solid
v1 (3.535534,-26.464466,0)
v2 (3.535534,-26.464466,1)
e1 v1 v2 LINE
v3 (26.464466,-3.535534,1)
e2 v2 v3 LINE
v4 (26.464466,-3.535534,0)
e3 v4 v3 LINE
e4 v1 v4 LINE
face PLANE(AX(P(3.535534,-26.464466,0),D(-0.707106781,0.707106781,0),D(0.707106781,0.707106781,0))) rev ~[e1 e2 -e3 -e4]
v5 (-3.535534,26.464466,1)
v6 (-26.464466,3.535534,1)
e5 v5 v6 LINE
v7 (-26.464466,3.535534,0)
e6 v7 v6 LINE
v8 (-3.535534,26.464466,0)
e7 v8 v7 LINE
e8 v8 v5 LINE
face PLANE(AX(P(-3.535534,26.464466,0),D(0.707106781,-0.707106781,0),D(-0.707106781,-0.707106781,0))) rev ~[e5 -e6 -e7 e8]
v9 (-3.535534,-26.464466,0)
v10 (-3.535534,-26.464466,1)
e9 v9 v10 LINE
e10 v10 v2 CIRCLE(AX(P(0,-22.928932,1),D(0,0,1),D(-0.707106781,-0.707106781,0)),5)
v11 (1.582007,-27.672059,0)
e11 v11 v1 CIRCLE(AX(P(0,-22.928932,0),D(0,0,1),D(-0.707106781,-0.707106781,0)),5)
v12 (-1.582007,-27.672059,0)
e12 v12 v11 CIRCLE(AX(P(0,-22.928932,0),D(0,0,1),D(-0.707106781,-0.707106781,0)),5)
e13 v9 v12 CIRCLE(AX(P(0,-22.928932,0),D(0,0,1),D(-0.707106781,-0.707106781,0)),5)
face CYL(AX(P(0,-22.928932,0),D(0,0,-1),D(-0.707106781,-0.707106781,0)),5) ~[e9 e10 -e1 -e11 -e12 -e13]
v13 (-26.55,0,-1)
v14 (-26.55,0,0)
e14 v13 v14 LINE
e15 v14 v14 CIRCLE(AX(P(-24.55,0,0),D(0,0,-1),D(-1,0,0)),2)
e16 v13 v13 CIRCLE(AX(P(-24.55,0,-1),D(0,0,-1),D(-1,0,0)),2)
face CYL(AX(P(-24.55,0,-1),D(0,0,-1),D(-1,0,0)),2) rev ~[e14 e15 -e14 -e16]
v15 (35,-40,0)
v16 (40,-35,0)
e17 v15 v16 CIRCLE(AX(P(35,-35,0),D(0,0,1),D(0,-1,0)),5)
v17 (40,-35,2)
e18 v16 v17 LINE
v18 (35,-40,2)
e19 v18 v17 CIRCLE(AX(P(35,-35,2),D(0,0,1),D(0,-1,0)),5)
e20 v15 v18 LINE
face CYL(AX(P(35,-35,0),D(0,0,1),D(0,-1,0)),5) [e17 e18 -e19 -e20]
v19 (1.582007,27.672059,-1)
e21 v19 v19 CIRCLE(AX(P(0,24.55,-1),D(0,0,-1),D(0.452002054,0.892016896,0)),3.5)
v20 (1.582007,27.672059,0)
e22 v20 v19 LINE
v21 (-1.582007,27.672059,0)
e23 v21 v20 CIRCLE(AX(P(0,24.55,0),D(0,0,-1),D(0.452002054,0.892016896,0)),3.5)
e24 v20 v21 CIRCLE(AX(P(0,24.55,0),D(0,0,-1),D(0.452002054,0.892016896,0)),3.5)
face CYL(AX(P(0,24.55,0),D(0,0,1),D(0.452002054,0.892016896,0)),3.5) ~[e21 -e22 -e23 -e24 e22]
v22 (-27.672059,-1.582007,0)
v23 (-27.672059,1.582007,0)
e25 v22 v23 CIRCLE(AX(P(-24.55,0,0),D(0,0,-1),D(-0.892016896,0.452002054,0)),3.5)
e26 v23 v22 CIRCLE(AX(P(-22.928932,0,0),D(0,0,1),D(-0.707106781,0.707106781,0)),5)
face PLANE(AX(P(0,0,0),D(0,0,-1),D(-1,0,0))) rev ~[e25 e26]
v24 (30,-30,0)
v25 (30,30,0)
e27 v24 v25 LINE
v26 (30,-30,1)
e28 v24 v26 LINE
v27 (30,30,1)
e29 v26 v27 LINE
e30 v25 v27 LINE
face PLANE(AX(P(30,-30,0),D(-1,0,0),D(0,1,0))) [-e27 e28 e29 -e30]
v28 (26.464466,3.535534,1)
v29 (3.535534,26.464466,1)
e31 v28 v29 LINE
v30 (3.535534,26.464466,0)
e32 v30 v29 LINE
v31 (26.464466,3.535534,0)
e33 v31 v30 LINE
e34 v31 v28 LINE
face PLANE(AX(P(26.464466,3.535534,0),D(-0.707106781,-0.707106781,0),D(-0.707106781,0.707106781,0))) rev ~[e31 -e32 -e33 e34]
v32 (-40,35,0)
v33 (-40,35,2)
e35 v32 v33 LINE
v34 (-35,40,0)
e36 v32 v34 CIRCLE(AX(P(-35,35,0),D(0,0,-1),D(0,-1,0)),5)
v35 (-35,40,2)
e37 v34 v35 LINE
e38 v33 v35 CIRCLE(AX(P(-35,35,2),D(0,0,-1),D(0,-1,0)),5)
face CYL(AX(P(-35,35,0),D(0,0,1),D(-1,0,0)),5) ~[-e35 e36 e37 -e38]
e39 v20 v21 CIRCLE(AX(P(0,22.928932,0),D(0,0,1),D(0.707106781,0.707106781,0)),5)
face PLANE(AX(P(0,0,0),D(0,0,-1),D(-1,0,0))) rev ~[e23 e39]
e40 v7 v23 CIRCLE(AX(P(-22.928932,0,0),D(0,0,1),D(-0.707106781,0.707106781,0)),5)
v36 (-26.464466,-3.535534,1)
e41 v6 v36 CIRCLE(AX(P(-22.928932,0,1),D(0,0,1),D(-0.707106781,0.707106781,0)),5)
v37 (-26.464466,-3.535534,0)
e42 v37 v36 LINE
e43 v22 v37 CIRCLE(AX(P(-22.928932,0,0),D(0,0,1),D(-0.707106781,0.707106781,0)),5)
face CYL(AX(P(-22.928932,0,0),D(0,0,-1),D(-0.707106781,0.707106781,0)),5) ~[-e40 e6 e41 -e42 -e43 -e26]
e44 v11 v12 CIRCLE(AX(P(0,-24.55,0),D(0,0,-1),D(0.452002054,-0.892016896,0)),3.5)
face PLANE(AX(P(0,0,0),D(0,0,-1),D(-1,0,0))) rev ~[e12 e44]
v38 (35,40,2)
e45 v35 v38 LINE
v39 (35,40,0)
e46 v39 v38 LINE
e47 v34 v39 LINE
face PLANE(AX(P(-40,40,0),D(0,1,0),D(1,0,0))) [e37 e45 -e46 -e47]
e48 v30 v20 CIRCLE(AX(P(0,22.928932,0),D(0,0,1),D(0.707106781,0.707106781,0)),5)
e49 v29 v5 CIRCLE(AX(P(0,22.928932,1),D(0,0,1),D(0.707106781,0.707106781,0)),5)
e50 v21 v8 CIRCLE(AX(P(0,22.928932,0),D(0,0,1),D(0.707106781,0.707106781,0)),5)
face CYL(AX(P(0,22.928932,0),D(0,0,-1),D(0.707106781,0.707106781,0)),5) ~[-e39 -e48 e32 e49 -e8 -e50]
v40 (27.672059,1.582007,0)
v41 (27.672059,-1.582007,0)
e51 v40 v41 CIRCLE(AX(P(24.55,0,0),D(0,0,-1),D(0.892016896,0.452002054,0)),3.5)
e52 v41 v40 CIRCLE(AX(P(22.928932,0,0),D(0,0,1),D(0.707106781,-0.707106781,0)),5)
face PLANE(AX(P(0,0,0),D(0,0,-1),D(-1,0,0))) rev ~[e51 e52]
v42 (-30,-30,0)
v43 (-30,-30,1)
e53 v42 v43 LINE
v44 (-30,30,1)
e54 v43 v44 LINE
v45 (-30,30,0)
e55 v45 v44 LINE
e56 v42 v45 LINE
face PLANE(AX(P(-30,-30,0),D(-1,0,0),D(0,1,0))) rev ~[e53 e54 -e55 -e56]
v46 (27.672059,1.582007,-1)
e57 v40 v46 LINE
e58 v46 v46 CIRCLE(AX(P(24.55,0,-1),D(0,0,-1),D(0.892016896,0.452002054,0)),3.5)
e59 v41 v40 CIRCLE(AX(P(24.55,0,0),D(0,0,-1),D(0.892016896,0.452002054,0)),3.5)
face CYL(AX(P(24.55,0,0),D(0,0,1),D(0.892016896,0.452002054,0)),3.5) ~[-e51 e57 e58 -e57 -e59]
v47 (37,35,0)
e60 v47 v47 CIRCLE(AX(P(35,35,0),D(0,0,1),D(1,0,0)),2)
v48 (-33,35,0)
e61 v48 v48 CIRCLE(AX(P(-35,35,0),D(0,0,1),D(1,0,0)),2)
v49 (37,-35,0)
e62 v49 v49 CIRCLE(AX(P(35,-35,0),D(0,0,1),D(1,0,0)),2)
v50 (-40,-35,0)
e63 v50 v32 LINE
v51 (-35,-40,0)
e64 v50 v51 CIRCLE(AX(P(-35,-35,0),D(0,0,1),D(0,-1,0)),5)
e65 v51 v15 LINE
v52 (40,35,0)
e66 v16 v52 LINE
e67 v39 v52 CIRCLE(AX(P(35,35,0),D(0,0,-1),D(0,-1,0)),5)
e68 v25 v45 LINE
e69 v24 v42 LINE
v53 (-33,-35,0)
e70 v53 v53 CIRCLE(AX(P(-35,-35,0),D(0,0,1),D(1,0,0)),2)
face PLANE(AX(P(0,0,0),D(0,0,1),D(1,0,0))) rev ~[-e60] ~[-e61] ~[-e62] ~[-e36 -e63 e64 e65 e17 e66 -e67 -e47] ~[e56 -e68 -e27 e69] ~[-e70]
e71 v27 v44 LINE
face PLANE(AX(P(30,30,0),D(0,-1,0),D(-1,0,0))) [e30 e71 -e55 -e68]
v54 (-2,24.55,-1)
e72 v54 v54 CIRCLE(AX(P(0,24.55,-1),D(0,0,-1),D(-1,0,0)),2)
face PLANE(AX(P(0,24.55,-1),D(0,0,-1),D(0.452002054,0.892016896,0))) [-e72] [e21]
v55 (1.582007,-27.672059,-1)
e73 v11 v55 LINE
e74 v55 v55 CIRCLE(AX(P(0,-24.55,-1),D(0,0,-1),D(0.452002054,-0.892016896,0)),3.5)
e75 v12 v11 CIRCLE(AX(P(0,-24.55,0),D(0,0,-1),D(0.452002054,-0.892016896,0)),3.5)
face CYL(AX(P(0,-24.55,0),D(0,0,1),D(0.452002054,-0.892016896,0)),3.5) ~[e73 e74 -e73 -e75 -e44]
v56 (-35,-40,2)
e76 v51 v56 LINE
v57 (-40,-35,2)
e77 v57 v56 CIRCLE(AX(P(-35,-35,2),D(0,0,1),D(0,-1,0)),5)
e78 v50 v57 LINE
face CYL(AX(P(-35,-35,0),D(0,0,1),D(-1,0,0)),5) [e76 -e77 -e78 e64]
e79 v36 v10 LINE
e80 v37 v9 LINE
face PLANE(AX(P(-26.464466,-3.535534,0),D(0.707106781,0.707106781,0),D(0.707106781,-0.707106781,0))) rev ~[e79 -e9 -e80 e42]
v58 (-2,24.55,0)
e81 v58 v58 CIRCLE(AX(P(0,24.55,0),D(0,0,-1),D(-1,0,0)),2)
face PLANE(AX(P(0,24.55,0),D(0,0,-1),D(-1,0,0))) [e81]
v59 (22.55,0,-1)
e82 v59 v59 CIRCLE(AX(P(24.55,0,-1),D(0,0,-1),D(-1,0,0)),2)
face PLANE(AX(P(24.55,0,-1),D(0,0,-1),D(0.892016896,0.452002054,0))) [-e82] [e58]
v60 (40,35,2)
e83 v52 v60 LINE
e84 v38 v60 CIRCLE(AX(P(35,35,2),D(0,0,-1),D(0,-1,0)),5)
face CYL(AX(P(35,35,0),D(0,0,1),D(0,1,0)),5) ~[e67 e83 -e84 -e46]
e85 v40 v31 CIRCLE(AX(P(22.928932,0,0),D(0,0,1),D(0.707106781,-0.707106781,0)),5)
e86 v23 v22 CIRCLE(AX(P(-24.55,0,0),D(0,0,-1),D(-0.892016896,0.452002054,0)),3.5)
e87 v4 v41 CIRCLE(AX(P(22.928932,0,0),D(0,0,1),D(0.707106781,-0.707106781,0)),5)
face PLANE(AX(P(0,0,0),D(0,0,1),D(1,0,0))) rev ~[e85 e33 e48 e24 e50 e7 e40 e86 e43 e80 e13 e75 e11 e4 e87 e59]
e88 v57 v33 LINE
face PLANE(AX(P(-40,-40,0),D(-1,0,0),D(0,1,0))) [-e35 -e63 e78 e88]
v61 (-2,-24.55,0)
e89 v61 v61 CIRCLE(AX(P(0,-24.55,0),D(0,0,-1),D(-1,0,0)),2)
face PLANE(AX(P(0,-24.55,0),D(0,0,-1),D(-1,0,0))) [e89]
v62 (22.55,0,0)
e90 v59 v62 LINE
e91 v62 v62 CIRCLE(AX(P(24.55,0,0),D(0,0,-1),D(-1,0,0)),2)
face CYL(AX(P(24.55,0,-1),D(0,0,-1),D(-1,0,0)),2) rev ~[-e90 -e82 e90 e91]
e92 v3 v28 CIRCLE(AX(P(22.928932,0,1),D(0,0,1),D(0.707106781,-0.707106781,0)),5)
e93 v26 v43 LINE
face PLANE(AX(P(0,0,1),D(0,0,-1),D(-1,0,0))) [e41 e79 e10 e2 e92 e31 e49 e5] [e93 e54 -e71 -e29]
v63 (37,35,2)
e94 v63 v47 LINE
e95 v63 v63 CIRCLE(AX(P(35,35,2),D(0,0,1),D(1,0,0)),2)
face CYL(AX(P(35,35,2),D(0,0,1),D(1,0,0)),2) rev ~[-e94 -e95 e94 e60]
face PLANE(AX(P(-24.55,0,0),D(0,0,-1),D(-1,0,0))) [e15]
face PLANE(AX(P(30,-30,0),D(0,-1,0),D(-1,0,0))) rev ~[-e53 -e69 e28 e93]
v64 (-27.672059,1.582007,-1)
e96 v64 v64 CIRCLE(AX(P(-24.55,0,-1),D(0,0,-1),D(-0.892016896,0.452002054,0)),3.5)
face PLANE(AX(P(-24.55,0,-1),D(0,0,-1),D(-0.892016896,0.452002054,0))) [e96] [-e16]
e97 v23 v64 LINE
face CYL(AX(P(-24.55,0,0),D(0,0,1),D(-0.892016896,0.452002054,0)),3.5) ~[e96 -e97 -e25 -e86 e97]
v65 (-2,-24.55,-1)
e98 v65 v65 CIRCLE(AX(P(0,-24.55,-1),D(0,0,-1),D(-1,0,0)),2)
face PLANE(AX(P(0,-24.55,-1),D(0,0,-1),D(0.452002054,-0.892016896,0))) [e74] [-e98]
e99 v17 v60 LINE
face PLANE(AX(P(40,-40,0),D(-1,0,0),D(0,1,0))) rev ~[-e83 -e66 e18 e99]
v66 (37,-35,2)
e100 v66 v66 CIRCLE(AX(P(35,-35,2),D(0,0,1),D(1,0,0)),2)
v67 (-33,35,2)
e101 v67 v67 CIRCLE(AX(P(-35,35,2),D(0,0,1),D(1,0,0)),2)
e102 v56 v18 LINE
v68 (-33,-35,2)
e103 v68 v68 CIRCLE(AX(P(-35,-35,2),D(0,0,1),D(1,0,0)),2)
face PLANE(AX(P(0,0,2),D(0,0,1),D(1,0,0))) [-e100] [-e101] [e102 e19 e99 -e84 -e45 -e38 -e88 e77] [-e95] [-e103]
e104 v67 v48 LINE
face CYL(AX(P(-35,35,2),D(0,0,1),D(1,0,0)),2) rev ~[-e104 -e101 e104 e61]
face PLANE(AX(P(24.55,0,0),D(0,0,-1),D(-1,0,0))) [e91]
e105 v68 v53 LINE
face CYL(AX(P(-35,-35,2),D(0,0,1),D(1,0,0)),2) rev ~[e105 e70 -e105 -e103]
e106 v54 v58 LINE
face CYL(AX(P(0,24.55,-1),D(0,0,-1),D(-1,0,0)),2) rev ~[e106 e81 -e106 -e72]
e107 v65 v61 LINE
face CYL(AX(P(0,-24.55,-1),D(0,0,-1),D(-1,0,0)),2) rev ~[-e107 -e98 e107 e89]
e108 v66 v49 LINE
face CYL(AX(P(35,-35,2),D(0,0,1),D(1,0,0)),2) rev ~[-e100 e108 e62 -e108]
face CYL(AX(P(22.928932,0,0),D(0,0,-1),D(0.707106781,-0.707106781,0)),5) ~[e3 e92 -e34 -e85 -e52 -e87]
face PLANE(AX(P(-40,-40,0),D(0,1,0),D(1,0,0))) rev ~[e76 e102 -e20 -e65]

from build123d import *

# Parameters (mm, degrees)
SKETCH1_W           = 80
SKETCH1_H           = 80
BOSS_EXTRUDE1_DEPTH = 2
SKETCH2_R           = 3.5
BOSS_EXTRUDE2_DEPTH = 1
SKETCH3_R           = 2
CUT_EXTRUDE1_DEPTH  = 1
FILLET1_R           = 5
SKETCH4_R           = 2
CUT_EXTRUDE2_DEPTH  = 11
SKETCH5_W           = 60
SKETCH5_H           = 60
CUT_EXTRUDE4_DEPTH  = 1


with BuildPart() as part:
    # Sketch1 → Boss-Extrude1 (new body)
    with BuildSketch(Plane.XY):
        Rectangle(SKETCH1_W, SKETCH1_H)
    extrude(amount=BOSS_EXTRUDE1_DEPTH)

    # Sketch2 → Boss-Extrude2 (add)
    with BuildSketch(Plane(origin=(0, 0, 0), x_dir=(-1, 0, 0), z_dir=(0, 0, -1))):
        with Locations(Location((0, 24.55, 0), (0, 0, 116.872206362))):
            Circle(SKETCH2_R)
        with Locations(Location((24.55, 0, 0), (0, 0, 26.872206362))):
            Circle(SKETCH2_R)
        with Locations(Location((0, -24.55, 0), (0, 0, 243.127793638))):
            Circle(SKETCH2_R)
        with Locations(Location((-24.55, 0, 0), (0, 0, 153.127793638))):
            Circle(SKETCH2_R)
    extrude(amount=BOSS_EXTRUDE2_DEPTH)

    # Sketch3 → Cut-Extrude1 (cut)
    with BuildSketch(Plane(origin=(0, 0, -1), x_dir=(-1, 0, 0), z_dir=(0, 0, -1))):
        with Locations((-24.55, 0)):
            Circle(SKETCH3_R)
        with Locations((0, 24.55)):
            Circle(SKETCH3_R)
        with Locations((0, -24.55)):
            Circle(SKETCH3_R)
        with Locations((24.55, 0)):
            Circle(SKETCH3_R)
    extrude(amount=-CUT_EXTRUDE1_DEPTH, mode=Mode.SUBTRACT)

    # Fillet1
    fillet1_edges = [part.edges().sort_by_distance(p)[0] for p in [
        (-40, 40, 1),
        (40, 40, 1),
        (-40, -40, 1),
        (40, -40, 1),
    ]]
    fillet(fillet1_edges, radius=FILLET1_R)

    # Sketch4 → Cut-Extrude2 (cut)
    with BuildSketch(Plane.XY.offset(2)):
        with Locations((35, 35)):
            Circle(SKETCH4_R)
        with Locations((-35, 35)):
            Circle(SKETCH4_R)
        with Locations((35, -35)):
            Circle(SKETCH4_R)
        with Locations((-35, -35)):
            Circle(SKETCH4_R)
    extrude(amount=-CUT_EXTRUDE2_DEPTH, mode=Mode.SUBTRACT)

    # Sketch5 → Cut-Extrude4 (cut)
    with BuildSketch(Plane(origin=(0, 0, 0), x_dir=(-1, 0, 0), z_dir=(0, 0, -1))):
        Rectangle(SKETCH5_W, SKETCH5_H)
        with BuildLine():
            Line((26.464466094, -3.535533906), (3.535533906, -26.464466094))
            ThreePointArc((3.535533906, -26.464466094), (0, -27.928932188), (-3.535533906, -26.464466094))
            Line((-3.535533906, -26.464466094), (-26.464466094, -3.535533906))
            ThreePointArc((-26.464466094, -3.535533906), (-27.928932188, 0), (-26.464466094, 3.535533906))
            Line((-26.464466094, 3.535533906), (-3.535533906, 26.464466094))
            ThreePointArc((-3.535533906, 26.464466094), (0, 27.928932188), (3.535533906, 26.464466094))
            Line((3.535533906, 26.464466094), (26.464466094, 3.535533906))
            ThreePointArc((26.464466094, 3.535533906), (27.928932188, 0), (26.464466094, -3.535533906))
        make_face(mode=Mode.SUBTRACT)
    extrude(amount=-CUT_EXTRUDE4_DEPTH, mode=Mode.SUBTRACT)


solid = part.part
